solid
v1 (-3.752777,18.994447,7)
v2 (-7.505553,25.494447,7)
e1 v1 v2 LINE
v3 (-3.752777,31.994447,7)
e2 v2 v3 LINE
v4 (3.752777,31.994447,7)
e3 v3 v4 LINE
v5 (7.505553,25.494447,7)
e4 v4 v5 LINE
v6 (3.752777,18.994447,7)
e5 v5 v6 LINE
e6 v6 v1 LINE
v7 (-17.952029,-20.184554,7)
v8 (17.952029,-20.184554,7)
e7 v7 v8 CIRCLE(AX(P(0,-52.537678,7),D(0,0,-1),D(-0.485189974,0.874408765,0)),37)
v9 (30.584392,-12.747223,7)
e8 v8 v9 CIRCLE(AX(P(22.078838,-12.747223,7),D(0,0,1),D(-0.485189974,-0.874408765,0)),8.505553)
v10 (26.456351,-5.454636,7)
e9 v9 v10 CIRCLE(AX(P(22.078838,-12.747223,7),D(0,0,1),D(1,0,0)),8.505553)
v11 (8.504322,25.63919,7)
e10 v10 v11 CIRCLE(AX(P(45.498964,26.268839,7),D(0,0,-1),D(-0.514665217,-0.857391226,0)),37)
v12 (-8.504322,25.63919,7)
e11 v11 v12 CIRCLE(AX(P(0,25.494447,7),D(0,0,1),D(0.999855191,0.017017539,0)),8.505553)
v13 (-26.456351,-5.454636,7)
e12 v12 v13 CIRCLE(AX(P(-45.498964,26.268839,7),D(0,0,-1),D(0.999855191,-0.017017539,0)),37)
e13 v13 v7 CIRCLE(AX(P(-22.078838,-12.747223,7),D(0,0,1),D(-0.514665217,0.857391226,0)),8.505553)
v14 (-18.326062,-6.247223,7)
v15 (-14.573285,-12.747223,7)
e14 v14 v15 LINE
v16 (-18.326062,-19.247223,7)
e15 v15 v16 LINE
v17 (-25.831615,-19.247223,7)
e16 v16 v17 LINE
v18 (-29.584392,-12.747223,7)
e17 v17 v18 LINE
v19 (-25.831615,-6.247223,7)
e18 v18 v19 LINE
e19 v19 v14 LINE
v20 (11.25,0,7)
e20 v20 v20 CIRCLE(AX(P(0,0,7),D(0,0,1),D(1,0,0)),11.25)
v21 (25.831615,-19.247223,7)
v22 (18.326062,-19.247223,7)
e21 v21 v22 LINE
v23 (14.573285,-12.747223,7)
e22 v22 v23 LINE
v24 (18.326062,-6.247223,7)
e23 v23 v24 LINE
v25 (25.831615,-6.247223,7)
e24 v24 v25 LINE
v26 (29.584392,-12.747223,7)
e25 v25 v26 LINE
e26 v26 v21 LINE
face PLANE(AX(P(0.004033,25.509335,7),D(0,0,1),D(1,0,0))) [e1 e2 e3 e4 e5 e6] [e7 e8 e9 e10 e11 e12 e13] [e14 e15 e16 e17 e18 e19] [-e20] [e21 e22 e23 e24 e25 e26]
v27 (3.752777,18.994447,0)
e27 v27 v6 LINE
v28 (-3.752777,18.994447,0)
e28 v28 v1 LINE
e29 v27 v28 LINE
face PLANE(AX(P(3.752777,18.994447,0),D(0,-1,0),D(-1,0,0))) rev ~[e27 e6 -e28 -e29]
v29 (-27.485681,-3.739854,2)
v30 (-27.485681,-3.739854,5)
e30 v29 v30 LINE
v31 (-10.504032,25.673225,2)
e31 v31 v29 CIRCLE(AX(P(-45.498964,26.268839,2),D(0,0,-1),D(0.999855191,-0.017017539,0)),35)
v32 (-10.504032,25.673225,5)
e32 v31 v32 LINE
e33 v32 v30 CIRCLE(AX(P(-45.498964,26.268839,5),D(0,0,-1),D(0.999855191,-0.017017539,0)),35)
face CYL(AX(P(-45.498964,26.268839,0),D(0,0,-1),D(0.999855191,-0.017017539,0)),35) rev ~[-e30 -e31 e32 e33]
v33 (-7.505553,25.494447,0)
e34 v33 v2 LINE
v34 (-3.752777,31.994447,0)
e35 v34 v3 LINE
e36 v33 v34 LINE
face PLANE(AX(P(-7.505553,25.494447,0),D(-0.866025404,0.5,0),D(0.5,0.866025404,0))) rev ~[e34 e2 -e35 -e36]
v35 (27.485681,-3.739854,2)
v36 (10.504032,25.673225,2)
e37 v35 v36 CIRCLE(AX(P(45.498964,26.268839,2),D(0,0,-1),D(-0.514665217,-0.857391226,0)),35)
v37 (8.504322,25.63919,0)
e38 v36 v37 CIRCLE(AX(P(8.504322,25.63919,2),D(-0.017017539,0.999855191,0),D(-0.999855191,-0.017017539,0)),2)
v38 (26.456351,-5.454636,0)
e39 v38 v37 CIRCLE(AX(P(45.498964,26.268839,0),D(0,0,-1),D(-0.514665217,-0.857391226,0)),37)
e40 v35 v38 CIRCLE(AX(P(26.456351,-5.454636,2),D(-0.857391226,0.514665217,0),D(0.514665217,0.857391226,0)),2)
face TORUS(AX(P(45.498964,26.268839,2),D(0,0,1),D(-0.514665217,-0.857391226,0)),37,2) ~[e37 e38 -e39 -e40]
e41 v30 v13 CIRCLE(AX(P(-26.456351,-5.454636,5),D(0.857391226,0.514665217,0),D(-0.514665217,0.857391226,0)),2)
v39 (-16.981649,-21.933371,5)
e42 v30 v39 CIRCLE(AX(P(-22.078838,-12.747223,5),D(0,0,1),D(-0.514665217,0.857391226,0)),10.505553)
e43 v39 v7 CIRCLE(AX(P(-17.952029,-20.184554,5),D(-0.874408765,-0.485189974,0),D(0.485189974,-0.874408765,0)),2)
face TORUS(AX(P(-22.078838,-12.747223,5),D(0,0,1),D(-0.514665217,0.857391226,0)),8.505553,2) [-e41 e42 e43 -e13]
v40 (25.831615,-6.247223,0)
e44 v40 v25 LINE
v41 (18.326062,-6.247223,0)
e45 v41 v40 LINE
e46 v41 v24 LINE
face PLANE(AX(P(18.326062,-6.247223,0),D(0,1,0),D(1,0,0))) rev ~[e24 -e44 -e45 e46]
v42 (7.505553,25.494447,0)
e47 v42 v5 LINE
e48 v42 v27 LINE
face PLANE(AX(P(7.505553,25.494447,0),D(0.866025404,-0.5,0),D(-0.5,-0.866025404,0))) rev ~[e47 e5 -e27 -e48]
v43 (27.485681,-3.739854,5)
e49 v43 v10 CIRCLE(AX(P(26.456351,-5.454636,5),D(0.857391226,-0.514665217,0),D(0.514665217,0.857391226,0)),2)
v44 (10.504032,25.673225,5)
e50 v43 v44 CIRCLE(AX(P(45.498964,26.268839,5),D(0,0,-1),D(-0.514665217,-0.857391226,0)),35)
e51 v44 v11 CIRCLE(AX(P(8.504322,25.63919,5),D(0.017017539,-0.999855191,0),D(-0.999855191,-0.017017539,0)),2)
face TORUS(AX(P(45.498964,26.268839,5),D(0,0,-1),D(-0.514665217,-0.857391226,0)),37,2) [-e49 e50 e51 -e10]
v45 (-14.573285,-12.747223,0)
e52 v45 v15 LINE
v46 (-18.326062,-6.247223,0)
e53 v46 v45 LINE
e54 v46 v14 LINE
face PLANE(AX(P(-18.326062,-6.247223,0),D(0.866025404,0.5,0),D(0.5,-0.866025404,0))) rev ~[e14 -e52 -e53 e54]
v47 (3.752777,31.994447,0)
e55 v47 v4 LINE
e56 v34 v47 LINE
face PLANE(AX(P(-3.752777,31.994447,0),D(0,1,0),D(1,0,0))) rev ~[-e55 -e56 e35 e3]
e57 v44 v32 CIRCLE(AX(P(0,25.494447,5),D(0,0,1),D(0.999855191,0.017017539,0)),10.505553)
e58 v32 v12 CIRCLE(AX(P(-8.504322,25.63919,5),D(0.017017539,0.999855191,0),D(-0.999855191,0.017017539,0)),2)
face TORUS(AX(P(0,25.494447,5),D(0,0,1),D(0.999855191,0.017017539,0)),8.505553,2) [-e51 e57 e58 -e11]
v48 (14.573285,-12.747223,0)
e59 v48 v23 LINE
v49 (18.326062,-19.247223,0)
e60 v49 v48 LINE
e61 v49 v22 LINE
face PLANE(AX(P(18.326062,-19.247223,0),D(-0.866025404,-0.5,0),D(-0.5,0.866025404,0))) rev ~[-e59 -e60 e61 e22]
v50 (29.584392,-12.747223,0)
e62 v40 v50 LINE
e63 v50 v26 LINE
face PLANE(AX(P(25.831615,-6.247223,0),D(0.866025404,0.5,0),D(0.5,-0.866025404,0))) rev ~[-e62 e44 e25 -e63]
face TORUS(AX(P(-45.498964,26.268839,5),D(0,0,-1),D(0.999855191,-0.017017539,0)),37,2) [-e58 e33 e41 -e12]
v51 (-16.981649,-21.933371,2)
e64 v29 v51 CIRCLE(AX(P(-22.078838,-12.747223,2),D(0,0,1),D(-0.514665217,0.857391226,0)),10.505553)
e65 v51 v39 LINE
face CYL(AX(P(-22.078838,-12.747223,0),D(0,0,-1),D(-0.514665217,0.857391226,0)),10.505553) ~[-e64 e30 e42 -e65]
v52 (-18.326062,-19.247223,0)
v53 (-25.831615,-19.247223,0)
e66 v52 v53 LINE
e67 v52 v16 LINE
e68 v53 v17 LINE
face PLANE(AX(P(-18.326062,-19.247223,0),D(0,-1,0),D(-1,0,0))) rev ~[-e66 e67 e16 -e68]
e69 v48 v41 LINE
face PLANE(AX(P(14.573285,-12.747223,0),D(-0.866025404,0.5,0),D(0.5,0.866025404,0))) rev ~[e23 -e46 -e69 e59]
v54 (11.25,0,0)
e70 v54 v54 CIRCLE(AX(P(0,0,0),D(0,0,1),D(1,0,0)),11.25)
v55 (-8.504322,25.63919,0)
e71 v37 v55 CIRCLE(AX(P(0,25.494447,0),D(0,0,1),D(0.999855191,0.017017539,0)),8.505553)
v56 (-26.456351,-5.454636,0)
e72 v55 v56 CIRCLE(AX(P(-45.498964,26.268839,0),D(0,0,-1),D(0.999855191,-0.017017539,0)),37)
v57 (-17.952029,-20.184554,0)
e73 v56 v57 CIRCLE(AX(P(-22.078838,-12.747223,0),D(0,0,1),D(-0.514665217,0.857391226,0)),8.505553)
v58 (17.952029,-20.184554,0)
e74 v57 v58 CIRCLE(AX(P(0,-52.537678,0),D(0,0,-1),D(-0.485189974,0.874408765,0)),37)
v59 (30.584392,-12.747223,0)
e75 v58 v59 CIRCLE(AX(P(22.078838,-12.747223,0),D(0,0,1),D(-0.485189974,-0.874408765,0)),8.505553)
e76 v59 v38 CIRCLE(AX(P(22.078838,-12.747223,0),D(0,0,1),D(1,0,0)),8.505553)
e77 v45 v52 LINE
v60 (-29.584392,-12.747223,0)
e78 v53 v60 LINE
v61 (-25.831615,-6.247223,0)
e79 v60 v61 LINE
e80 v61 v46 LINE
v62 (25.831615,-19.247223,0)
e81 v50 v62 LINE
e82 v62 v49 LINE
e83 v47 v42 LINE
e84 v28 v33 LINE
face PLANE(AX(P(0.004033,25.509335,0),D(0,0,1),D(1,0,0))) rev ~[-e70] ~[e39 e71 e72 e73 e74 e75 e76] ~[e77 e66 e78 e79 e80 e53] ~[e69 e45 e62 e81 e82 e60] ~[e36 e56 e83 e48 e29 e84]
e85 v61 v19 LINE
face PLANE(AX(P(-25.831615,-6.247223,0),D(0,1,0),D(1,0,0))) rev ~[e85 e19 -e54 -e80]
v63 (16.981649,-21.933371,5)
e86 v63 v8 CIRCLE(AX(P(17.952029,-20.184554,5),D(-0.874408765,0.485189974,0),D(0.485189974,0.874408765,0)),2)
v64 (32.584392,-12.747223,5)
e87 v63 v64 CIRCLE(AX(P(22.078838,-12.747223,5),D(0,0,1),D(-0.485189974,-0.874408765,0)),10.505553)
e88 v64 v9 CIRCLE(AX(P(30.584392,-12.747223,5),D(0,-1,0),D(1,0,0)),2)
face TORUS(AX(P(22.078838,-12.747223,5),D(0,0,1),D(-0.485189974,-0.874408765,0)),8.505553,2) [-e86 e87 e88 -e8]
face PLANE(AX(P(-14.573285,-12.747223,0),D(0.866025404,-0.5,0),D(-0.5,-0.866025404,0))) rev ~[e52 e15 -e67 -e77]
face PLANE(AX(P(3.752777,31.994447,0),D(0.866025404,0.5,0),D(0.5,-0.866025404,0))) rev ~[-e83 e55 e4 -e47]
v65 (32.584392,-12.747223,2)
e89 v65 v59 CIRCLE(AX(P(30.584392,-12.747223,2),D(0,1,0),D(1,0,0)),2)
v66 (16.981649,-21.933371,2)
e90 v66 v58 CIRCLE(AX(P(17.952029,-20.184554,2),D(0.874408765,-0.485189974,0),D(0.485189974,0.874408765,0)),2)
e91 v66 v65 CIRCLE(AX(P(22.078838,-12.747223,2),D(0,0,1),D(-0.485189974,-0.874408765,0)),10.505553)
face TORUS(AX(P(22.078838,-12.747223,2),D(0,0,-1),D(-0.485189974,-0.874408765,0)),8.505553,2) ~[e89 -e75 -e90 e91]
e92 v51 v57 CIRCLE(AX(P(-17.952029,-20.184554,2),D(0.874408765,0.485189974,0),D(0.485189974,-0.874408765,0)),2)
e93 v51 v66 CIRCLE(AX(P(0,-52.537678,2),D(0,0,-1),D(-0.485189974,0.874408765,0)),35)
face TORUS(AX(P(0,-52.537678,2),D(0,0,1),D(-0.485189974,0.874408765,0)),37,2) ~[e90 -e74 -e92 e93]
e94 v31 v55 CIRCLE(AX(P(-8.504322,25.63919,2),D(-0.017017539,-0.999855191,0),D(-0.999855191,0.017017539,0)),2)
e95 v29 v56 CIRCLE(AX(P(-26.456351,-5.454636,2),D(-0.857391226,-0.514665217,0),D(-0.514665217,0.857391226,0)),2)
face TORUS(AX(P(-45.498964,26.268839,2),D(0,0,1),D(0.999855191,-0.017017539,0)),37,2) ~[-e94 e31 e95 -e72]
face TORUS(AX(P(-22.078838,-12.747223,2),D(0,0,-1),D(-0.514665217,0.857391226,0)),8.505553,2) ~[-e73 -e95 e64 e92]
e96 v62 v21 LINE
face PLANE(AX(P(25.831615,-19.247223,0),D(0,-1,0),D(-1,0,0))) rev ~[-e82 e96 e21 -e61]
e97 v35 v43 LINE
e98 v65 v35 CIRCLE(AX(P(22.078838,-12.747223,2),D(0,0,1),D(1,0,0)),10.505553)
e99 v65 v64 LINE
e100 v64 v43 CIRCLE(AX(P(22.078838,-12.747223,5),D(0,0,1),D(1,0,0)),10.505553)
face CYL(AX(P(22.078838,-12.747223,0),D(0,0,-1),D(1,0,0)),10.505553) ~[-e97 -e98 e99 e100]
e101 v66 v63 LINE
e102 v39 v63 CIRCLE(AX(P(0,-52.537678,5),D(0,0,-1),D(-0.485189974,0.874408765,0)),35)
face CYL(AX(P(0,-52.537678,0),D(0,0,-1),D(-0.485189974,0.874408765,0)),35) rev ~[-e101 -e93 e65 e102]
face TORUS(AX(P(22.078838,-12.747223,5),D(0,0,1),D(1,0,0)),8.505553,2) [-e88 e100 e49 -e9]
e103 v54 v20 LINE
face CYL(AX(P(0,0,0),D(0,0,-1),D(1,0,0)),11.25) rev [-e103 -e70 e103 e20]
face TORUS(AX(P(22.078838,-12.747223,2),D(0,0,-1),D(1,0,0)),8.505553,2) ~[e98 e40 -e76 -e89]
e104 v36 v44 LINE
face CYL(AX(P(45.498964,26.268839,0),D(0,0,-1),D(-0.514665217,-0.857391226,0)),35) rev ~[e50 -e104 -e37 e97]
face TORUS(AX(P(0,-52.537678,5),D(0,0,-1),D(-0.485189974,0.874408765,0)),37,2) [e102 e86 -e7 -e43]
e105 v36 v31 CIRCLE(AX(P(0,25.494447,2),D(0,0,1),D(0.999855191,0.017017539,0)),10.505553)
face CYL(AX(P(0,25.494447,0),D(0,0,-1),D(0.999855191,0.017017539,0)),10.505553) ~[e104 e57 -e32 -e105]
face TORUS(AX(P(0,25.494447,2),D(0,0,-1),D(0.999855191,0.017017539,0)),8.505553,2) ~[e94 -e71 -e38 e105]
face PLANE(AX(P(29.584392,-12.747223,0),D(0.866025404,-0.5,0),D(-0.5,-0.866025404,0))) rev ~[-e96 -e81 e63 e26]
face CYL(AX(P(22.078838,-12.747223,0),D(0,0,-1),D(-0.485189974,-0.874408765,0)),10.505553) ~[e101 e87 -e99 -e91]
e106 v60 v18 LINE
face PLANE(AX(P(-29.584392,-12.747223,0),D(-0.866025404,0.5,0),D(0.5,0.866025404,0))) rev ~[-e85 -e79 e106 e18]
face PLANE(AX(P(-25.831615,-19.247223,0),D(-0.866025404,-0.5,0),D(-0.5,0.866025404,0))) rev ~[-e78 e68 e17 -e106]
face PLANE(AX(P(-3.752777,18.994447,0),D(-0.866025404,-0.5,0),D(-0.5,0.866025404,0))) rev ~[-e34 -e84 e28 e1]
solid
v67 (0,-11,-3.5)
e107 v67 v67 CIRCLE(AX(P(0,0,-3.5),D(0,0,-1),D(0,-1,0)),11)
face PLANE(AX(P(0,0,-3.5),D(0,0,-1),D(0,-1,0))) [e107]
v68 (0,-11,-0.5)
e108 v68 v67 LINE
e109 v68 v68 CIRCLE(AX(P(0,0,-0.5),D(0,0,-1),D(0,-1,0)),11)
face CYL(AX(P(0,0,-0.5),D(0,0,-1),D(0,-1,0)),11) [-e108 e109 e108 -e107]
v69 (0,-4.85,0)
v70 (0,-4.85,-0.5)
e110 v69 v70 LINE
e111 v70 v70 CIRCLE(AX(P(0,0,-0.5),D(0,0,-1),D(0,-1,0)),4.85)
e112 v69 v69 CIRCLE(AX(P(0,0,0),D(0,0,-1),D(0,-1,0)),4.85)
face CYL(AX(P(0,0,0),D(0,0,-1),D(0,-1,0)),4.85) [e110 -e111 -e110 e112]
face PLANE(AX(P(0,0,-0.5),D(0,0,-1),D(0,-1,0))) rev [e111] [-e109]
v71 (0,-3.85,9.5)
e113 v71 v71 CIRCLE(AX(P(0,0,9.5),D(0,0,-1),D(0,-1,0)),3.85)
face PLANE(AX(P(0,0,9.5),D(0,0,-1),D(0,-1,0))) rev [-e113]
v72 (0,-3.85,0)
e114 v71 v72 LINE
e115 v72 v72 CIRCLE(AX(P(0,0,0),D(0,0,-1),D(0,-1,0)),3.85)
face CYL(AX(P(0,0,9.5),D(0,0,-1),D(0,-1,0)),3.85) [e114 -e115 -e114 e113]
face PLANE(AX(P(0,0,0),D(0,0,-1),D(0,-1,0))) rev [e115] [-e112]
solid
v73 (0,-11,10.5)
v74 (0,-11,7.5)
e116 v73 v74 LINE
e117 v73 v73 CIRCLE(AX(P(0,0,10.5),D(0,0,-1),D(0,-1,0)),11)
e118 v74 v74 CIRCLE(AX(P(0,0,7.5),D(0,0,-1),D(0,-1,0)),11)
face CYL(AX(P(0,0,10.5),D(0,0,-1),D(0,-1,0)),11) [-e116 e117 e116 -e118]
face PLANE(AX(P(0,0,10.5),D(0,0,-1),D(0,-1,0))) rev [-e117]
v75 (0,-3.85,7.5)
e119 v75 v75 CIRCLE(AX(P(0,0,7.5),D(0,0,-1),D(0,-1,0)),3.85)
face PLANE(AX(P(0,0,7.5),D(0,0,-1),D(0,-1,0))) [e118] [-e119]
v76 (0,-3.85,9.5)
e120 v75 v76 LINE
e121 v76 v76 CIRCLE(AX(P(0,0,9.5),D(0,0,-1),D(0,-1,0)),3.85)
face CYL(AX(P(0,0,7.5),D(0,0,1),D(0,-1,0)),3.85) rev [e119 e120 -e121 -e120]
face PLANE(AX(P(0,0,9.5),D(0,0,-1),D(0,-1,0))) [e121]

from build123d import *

# Parameters (mm, degrees)
F0_R     = 11.25
F1_DEPTH = 7
F2_R     = 2


with BuildPart() as f1:
    # F0 (on Top) → F1 (new body)
    with BuildSketch(Plane.XY):
        with BuildLine():
            ThreePointArc((-10.5040322028, 25.6732251716), (-0.0893925718, 14.9892733321), (10.5055534995, 25.4944465005))
            ThreePointArc((10.5055534995, 25.4944465005), (10.5051731684, 25.5838390724), (10.5040322028, 25.6732251716))
            ThreePointArc((10.5040322028, 25.6732251716), (0, 36), (-10.5040322028, 25.6732251716))
        make_face()
        Polygon((3.7527767497, 31.9944465005), (7.5055534995, 25.4944465005), (3.7527767497, 18.9944465005), (-3.7527767497, 18.9944465005), (-7.5055534995, 25.4944465005), (-3.7527767497, 31.9944465005), align=None, mode=Mode.SUBTRACT)
        with BuildLine():
            ThreePointArc((10.5040322028, 25.6732251716), (10.5051731684, 25.5838390724), (10.5055534995, 25.4944465005))
            ThreePointArc((10.5055534995, 25.4944465005), (-0.0893925718, 14.9892733321), (-10.5040322028, 25.6732251716))
            ThreePointArc((-10.5040322028, 25.6732251716), (-15.188074762, 8.7688390523), (-27.4856812971, -3.739853856))
            ThreePointArc((-27.4856812971, -3.739853856), (-16.9036679788, -3.6047801294), (-11.5732848254, -12.7472232503))
            ThreePointArc((-11.5732848254, -12.7472232503), (-13.0257877758, -18.0772260726), (-16.9816490943, -21.9333713156))
            ThreePointArc((-16.9816490943, -21.9333713156), (0, -17.5376781046), (16.9816490943, -21.9333713156))
            ThreePointArc((16.9816490943, -21.9333713156), (12.9807621135, -7.4944465005), (27.4856812971, -3.739853856))
            ThreePointArc((27.4856812971, -3.739853856), (15.188074762, 8.7688390523), (10.5040322028, 25.6732251716))
        make_face()
        Circle(F0_R, mode=Mode.SUBTRACT)
        with BuildLine():
            ThreePointArc((32.5843918244, -12.7472232503), (31.2212814458, -7.5720529042), (27.4856812971, -3.739853856))
            ThreePointArc((27.4856812971, -3.739853856), (12.9807621135, -7.4944465005), (16.9816490943, -21.9333713156))
            ThreePointArc((16.9816490943, -21.9333713156), (27.4088411472, -21.8002737994), (32.5843918244, -12.7472232503))
        make_face()
        Polygon((25.8316150746, -6.2472232503), (29.5843918244, -12.7472232503), (25.8316150746, -19.2472232503), (18.3260615752, -19.2472232503), (14.5732848254, -12.7472232503), (18.3260615752, -6.2472232503), align=None, mode=Mode.SUBTRACT)
        with BuildLine():
            ThreePointArc((-11.5732848254, -12.7472232503), (-16.9036679788, -3.6047801294), (-27.4856812971, -3.739853856))
            ThreePointArc((-27.4856812971, -3.739853856), (-31.1769145362, -18), (-16.9816490943, -21.9333713156))
            ThreePointArc((-16.9816490943, -21.9333713156), (-13.0257877758, -18.0772260726), (-11.5732848254, -12.7472232503))
        make_face()
        Polygon((-18.3260615752, -19.2472232503), (-25.8316150746, -19.2472232503), (-29.5843918244, -12.7472232503), (-25.8316150746, -6.2472232503), (-18.3260615752, -6.2472232503), (-14.5732848254, -12.7472232503), align=None, mode=Mode.SUBTRACT)
    extrude(amount=F1_DEPTH)

    # F2
    f2_edges = [f1.edges().sort_by_distance(p)[0] for p in [
        (-31.176915, -18, 7),
        (-31.176915, -18, 0),
    ]]
    fillet(f2_edges, radius=F2_R)


with BuildPart() as f4:
    # F3 (on Right) → F4 (revolve)
    with BuildSketch(Plane.YZ):
        Polygon((-3.85, 7.5), (-3.85, 7), (-3.85, 0), (-3.95, 0), (-4.85, 0), (-4.85, -0.5), (-11, -0.5), (-11, -3.5), (0, -3.5), (0, 9.5), (-3.85, 9.5), align=None)
    revolve(axis=Axis((0, 0, 3.6496419925), (0, 0, -1)))


with BuildPart() as f5:
    # F3 (on Right) → F5 (revolve)
    with BuildSketch(Plane.YZ):
        Polygon((-11, 7.5), (-3.85, 7.5), (-3.85, 9.5), (0, 9.5), (0, 10.5), (-11, 10.5), align=None)
    revolve(axis=Axis((0, 0, 3.6496419925), (0, 0, -1)))


solid = Compound([f1.part, f4.part, f5.part])
